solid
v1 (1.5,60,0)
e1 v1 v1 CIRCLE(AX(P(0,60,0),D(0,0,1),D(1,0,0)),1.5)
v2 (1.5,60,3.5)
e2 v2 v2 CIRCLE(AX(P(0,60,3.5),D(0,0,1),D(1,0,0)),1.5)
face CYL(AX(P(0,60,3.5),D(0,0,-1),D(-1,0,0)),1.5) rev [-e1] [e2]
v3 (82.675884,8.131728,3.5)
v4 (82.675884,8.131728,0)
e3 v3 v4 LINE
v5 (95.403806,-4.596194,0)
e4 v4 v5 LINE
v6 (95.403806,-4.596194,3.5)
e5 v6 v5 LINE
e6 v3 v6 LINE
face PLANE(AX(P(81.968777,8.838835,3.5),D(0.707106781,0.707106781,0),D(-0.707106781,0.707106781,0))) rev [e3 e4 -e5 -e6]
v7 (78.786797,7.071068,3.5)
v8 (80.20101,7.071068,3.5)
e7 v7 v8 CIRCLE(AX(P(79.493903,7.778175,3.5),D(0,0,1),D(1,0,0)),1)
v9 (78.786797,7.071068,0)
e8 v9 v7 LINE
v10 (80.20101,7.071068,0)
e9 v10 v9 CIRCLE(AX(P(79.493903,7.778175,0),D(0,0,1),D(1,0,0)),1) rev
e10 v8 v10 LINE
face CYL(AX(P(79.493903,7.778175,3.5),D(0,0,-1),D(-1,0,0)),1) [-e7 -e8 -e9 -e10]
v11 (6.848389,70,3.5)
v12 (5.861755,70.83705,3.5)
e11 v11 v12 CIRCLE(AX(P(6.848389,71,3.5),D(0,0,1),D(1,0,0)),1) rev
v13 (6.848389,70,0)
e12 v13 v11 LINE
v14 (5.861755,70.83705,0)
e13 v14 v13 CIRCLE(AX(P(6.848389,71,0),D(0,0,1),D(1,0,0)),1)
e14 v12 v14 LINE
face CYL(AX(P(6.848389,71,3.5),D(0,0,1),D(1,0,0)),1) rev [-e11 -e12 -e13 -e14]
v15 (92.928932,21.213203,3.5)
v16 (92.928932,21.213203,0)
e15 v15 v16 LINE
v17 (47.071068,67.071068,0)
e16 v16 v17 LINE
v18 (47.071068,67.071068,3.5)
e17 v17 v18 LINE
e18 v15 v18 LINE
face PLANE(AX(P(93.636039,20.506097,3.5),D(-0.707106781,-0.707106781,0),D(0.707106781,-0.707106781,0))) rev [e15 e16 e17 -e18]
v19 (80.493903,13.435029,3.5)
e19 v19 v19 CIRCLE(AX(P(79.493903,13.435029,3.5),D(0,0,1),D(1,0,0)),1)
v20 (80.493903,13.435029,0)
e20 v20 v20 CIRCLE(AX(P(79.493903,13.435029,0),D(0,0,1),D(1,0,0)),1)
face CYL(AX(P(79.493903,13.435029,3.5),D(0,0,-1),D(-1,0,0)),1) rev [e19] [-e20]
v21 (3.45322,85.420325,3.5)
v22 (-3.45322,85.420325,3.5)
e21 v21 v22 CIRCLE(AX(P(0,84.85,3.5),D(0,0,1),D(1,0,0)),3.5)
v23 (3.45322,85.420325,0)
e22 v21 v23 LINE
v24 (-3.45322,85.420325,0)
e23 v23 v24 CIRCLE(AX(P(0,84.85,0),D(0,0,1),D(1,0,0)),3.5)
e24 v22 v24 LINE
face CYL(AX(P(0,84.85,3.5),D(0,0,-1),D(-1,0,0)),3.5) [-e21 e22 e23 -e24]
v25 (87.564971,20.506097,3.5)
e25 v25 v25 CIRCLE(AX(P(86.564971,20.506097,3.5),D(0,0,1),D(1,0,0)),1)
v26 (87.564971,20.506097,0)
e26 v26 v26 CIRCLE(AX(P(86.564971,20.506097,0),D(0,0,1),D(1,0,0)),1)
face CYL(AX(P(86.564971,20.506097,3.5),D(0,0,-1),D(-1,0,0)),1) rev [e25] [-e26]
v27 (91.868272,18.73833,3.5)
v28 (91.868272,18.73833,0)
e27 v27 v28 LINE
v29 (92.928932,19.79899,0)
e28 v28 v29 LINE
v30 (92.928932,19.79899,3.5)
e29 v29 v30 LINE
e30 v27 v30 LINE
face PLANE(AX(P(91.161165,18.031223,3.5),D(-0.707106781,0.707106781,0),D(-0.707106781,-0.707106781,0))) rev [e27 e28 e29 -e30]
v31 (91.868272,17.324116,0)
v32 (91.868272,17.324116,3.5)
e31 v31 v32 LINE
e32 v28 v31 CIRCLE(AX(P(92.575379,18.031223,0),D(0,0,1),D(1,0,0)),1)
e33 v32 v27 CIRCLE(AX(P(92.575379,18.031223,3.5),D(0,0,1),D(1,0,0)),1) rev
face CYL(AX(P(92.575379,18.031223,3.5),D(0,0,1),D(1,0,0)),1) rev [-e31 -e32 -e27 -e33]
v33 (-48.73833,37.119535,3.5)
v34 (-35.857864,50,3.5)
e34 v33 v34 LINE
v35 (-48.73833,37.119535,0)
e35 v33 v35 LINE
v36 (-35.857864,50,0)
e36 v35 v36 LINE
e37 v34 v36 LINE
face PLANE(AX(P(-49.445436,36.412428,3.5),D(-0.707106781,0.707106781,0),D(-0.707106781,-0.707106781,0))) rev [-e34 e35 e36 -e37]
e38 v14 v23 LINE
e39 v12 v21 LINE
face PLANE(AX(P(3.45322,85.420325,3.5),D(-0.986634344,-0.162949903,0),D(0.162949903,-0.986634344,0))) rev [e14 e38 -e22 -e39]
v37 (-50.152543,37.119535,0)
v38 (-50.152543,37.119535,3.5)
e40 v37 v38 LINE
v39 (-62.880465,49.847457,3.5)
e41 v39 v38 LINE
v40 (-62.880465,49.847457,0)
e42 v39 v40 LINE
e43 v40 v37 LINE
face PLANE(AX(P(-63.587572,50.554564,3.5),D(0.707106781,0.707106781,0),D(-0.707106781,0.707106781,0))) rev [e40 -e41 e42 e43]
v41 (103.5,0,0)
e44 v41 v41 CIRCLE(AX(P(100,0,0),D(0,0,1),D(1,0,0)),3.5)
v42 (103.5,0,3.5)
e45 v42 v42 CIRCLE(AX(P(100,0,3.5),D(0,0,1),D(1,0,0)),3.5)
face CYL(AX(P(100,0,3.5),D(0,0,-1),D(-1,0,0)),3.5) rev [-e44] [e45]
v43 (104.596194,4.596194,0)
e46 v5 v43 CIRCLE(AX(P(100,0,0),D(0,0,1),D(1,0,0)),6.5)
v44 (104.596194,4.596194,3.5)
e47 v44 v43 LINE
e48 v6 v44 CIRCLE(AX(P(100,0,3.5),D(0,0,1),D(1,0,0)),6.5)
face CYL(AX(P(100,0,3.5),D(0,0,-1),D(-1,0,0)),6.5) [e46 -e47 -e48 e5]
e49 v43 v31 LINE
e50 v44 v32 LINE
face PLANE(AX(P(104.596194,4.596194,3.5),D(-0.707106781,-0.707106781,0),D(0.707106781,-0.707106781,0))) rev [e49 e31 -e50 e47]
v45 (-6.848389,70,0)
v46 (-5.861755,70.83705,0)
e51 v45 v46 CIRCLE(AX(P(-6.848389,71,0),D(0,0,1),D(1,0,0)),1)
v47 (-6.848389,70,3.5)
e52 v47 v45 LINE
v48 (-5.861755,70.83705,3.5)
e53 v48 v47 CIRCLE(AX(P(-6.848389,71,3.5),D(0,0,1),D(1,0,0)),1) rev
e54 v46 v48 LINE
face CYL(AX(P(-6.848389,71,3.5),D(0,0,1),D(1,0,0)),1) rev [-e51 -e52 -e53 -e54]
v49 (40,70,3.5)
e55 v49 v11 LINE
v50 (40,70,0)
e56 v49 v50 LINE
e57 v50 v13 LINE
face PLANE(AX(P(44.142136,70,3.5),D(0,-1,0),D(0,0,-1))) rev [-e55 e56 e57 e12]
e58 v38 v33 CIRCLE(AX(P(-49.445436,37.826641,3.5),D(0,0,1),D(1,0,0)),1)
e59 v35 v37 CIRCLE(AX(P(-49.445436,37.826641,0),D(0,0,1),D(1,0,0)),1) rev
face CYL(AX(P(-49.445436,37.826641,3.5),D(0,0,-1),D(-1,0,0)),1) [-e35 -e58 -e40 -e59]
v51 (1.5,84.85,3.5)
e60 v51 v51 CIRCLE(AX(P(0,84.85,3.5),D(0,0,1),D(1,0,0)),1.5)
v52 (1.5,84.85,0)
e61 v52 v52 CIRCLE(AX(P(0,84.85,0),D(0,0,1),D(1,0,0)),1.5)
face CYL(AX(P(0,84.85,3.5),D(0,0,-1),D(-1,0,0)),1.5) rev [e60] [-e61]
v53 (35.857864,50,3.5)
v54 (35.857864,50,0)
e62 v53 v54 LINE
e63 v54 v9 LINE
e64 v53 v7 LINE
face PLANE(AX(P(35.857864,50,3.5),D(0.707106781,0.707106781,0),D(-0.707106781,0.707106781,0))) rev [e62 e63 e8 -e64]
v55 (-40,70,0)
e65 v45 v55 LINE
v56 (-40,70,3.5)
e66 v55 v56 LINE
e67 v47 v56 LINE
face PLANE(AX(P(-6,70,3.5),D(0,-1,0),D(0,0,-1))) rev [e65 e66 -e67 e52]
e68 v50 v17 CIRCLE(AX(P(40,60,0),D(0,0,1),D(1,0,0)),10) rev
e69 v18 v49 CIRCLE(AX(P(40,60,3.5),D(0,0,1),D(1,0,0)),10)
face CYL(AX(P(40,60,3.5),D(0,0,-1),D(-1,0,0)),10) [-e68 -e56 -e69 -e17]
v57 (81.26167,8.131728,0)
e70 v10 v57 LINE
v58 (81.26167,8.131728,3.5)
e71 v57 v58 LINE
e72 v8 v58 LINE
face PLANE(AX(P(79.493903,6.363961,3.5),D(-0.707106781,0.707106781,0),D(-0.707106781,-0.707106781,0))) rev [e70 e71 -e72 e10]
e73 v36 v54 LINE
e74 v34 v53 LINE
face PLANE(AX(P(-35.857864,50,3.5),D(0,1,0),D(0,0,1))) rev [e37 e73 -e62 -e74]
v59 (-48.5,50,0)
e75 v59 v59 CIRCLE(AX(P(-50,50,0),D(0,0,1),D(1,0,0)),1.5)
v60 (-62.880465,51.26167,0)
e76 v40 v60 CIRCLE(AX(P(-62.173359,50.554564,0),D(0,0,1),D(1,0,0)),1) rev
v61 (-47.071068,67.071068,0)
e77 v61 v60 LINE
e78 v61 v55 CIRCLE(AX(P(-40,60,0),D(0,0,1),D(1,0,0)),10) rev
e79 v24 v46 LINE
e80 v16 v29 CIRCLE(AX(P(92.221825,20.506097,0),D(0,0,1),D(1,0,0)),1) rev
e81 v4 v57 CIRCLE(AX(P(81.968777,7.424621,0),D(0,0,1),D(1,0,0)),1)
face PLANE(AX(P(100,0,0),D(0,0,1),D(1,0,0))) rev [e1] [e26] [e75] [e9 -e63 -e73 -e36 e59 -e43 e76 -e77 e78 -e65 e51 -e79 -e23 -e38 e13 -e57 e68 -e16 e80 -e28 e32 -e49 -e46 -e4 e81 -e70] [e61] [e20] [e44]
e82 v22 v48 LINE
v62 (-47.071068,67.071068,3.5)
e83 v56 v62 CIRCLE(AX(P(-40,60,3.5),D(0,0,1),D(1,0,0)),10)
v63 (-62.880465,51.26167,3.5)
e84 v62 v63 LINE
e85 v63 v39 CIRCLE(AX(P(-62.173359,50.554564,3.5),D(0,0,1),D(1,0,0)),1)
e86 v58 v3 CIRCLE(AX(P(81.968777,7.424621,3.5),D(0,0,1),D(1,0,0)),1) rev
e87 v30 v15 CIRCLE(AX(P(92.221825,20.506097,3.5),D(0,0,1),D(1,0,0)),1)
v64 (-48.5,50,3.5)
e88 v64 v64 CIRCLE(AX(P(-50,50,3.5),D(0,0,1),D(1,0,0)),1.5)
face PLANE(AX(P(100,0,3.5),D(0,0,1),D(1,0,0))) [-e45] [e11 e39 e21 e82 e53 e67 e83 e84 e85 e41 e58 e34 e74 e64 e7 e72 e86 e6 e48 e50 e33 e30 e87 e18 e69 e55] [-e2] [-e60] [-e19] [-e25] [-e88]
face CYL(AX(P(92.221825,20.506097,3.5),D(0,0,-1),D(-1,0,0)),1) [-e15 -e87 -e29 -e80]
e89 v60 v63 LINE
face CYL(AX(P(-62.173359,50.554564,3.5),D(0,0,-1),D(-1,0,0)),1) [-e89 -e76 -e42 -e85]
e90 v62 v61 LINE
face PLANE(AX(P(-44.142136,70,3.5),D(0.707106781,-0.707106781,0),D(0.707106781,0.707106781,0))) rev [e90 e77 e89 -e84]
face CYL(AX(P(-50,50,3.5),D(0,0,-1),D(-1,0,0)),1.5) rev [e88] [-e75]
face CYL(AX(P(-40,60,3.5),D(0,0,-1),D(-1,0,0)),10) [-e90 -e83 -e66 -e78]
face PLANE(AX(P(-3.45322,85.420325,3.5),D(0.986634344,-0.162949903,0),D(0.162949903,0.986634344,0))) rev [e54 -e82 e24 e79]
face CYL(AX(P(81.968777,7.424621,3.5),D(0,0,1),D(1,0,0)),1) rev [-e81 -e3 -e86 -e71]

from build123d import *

# Parameters (mm, degrees)
SKETCH7_R           = 1.5
SKETCH7_R_2         = 3.5
SKETCH7_R_3         = 1
BOSS_EXTRUDE1_DEPTH = 3.5
FILLET8_R           = 10
FILLET14_R          = 1
FILLET15_R          = 1
FILLET16_R          = 1


with BuildPart() as part:
    # Sketch7 → Boss-Extrude1 (new body)
    with BuildSketch(Plane.XY):
        with BuildLine():
            Line((81.96877708, 8.838834765), (95.403805922, -4.596194078))
            ThreePointArc((95.403805922, -4.596194078), (104.596194078, -4.596194078), (104.596194078, 4.596194078))
            Line((104.596194078, 4.596194078), (91.161165235, 18.03122292))
            Line((91.161165235, 18.03122292), (93.636038969, 20.506096654))
            Line((93.636038969, 20.506096654), (44.142135624, 70))
            Line((44.142135624, 70), (6, 70))
            Line((6, 70), (3.453220204, 85.420324662))
            ThreePointArc((3.453220204, 85.420324662), (0, 88.35), (-3.453220204, 85.420324662))
            Line((-3.453220204, 85.420324662), (-6, 70))
            Line((-6, 70), (-44.142135624, 70))
            Line((-44.142135624, 70), (-63.587572106, 50.554563517))
            Line((-63.587572106, 50.554563517), (-49.445436483, 36.412427894))
            Line((-49.445436483, 36.412427894), (-35.857864376, 50))
            Line((-35.857864376, 50), (35.857864376, 50))
            Line((35.857864376, 50), (79.493903346, 6.363961031))
            Line((79.493903346, 6.363961031), (81.96877708, 8.838834765))
        make_face()
        with Locations((0, 84.85)):
            Circle(SKETCH7_R, mode=Mode.SUBTRACT)
        with Locations((0, 60)):
            Circle(SKETCH7_R, mode=Mode.SUBTRACT)
        with Locations((100, 0)):
            Circle(SKETCH7_R_2, mode=Mode.SUBTRACT)
        with Locations((86.564971157, 20.506096654)):
            Circle(SKETCH7_R_3, mode=Mode.SUBTRACT)
        with Locations((79.493903346, 13.435028843)):
            Circle(SKETCH7_R_3, mode=Mode.SUBTRACT)
        with Locations((-50, 50)):
            Circle(SKETCH7_R, mode=Mode.SUBTRACT)
    extrude(amount=BOSS_EXTRUDE1_DEPTH)

    # Fillet8
    fillet8_edges = [part.edges().sort_by_distance(p)[0] for p in [
        (-44.142135624, 70, 1.75),
        (44.142135624, 70, 1.75),
    ]]
    fillet(fillet8_edges, radius=FILLET8_R)

    # Fillet14
    fillet14_edges = [part.edges().sort_by_distance(p)[0] for p in [
        (93.636038969, 20.506096654, 1.75),
        (91.161165235, 18.03122292, 1.75),
    ]]
    fillet(fillet14_edges, radius=FILLET14_R)

    # Fillet15
    fillet15_edges = [part.edges().sort_by_distance(p)[0] for p in [
        (-49.445436483, 36.412427894, 1.75),
        (-63.587572106, 50.554563517, 1.75),
        (81.96877708, 8.838834765, 1.75),
        (79.493903346, 6.363961031, 1.75),
    ]]
    fillet(fillet15_edges, radius=FILLET15_R)

    # Fillet16
    fillet16_edges = [part.edges().sort_by_distance(p)[0] for p in [
        (-6, 70, 1.75),
        (6, 70, 1.75),
    ]]
    fillet(fillet16_edges, radius=FILLET16_R)


solid = part.part
